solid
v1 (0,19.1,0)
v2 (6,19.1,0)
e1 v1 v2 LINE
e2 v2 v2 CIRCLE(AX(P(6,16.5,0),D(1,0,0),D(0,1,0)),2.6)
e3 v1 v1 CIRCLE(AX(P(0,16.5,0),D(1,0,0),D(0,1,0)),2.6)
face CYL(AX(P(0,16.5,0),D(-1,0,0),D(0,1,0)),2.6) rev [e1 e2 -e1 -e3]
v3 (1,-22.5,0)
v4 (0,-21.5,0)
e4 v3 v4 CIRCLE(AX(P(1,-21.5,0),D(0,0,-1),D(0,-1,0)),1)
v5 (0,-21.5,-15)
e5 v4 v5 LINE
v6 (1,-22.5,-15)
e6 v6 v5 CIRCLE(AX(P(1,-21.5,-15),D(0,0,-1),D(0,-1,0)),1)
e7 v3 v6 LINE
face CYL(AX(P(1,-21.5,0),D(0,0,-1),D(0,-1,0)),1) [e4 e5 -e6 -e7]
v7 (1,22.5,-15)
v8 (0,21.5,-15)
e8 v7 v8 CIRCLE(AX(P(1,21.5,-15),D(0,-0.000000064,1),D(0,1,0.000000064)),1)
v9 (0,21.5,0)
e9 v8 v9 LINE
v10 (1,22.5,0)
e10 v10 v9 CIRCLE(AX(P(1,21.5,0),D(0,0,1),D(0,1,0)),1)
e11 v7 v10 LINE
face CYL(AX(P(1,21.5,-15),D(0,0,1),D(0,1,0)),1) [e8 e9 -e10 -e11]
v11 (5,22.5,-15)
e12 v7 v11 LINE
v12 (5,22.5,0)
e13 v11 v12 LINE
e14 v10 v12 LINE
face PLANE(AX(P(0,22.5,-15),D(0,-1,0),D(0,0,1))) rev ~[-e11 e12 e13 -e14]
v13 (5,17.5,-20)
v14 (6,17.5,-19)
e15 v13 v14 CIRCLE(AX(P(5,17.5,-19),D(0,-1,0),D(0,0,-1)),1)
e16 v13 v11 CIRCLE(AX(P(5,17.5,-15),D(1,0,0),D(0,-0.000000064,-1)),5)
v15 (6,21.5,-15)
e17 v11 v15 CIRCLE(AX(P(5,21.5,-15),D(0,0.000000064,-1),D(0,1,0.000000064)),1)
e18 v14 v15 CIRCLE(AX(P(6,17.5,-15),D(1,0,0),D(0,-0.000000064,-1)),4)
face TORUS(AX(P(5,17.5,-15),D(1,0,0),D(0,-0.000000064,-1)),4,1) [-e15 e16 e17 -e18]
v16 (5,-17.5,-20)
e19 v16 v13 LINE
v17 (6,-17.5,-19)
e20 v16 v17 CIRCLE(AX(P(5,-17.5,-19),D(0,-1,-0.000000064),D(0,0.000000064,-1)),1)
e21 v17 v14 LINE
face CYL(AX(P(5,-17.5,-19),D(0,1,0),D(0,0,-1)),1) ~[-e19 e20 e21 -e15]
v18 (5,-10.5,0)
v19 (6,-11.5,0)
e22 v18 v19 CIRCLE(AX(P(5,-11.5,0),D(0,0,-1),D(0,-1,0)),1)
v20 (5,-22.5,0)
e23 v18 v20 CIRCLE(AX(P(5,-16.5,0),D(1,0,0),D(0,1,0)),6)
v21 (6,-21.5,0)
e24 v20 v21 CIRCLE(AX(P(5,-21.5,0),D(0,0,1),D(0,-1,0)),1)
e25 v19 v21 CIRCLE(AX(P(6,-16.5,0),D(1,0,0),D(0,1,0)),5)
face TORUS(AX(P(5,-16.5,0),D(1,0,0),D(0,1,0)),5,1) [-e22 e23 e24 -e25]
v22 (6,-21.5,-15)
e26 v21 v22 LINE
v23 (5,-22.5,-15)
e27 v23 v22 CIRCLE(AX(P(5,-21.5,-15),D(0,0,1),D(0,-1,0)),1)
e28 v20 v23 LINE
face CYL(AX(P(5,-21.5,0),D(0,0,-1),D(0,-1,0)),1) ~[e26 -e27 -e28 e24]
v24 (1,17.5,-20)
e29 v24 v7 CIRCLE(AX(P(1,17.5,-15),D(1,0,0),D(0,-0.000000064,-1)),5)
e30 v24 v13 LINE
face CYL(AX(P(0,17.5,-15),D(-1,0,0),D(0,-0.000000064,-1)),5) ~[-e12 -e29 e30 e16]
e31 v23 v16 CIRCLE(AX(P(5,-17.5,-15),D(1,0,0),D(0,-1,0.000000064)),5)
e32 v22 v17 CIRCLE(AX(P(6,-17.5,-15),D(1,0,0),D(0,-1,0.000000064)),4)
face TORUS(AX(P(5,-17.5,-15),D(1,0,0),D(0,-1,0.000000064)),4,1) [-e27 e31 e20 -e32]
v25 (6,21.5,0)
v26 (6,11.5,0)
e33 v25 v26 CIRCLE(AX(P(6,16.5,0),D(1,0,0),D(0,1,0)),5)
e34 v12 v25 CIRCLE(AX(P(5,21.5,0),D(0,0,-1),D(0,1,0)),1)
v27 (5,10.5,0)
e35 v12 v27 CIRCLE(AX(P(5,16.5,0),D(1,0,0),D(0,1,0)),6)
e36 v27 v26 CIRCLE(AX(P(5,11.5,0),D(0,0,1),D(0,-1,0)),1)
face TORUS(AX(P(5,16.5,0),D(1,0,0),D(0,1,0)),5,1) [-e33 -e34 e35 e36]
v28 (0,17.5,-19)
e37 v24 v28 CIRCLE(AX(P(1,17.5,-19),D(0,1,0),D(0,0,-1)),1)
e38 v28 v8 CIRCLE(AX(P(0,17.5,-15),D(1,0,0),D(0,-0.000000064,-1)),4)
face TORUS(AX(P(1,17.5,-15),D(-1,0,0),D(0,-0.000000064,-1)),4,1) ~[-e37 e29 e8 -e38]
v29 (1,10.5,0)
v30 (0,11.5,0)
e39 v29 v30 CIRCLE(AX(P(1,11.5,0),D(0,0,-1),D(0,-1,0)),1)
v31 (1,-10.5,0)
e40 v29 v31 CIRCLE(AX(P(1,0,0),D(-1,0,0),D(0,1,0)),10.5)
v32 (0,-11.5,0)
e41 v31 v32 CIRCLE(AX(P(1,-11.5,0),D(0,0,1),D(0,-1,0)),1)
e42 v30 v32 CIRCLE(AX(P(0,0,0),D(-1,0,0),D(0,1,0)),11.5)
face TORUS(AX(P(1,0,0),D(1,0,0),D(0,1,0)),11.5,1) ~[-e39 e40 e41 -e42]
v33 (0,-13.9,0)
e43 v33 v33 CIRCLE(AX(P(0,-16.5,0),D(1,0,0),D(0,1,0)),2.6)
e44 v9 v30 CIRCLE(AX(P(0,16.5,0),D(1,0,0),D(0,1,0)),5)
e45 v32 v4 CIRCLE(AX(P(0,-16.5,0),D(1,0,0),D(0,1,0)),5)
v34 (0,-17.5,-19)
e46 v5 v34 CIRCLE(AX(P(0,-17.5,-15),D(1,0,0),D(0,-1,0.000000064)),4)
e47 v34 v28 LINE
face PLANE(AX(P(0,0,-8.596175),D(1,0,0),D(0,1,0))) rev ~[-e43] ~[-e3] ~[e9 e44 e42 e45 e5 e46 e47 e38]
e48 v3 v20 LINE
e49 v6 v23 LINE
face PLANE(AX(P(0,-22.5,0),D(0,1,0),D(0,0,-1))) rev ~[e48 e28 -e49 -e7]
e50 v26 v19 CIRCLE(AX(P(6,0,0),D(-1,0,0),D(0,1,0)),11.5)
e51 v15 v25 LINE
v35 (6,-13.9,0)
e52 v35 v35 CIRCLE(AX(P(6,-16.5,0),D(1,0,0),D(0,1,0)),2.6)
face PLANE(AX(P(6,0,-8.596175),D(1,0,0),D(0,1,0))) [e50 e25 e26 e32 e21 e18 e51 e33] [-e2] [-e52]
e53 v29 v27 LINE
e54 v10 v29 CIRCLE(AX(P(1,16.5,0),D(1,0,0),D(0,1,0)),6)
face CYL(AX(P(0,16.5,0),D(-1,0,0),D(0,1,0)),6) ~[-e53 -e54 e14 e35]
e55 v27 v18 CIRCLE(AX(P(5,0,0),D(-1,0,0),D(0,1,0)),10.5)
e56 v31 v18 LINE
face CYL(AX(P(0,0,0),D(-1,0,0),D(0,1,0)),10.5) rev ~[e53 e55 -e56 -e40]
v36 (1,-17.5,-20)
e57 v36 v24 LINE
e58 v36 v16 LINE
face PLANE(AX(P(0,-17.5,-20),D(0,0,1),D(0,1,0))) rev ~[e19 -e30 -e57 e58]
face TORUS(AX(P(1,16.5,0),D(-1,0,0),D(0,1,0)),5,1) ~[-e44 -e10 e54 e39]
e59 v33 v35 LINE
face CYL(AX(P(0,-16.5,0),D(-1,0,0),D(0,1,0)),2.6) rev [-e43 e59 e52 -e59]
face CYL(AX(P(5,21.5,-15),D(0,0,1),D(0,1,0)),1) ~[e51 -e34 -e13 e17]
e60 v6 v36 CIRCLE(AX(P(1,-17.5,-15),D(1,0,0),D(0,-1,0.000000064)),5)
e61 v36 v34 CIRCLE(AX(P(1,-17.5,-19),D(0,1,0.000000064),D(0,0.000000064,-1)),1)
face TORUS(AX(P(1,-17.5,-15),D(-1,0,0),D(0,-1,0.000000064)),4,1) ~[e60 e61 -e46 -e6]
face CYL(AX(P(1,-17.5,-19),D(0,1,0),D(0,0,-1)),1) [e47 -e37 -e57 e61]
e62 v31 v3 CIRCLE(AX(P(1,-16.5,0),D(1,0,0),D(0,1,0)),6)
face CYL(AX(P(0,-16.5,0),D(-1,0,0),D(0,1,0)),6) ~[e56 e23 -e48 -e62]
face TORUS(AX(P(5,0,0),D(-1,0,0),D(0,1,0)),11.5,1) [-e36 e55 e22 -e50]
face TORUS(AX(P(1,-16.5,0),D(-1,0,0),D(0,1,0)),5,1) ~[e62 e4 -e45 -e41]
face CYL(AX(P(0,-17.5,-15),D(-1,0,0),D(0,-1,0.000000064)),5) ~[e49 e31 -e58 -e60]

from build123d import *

# Parameters (mm, degrees)
F0_R     = 2.6
F1_DEPTH = 6
F2_R     = 1


with BuildPart() as f1:
    # F0 (on Right) → F1 (new body)
    with BuildSketch(Plane.YZ):
        with BuildLine():
            ThreePointArc((10.5, 0), (0, -10.5), (-10.5, 0))
            ThreePointArc((-10.5, 0), (-16.5, 6), (-22.5, 0))
            Line((-22.5, 0), (-22.5, -15))
            ThreePointArc((-22.5, -15), (-21.035534, -18.535534), (-17.5, -20))
            Line((-17.5, -20), (17.5, -20))
            ThreePointArc((17.5, -20), (21.035534, -18.535534), (22.5, -15))
            Line((22.5, -15), (22.5, 0))
            ThreePointArc((22.5, 0), (16.5, 6), (10.5, 0))
        make_face()
        with Locations((-16.5, 0)):
            Circle(F0_R, mode=Mode.SUBTRACT)
        with Locations((16.5, 0)):
            Circle(F0_R, mode=Mode.SUBTRACT)
    extrude(amount=F1_DEPTH)

    # F2
    f2_edges = [f1.edges().sort_by_distance(p)[0] for p in [
        (6, -22.5, -7.5),
        (0, -22.5, -7.5),
    ]]
    fillet(f2_edges, radius=F2_R)


solid = f1.part
